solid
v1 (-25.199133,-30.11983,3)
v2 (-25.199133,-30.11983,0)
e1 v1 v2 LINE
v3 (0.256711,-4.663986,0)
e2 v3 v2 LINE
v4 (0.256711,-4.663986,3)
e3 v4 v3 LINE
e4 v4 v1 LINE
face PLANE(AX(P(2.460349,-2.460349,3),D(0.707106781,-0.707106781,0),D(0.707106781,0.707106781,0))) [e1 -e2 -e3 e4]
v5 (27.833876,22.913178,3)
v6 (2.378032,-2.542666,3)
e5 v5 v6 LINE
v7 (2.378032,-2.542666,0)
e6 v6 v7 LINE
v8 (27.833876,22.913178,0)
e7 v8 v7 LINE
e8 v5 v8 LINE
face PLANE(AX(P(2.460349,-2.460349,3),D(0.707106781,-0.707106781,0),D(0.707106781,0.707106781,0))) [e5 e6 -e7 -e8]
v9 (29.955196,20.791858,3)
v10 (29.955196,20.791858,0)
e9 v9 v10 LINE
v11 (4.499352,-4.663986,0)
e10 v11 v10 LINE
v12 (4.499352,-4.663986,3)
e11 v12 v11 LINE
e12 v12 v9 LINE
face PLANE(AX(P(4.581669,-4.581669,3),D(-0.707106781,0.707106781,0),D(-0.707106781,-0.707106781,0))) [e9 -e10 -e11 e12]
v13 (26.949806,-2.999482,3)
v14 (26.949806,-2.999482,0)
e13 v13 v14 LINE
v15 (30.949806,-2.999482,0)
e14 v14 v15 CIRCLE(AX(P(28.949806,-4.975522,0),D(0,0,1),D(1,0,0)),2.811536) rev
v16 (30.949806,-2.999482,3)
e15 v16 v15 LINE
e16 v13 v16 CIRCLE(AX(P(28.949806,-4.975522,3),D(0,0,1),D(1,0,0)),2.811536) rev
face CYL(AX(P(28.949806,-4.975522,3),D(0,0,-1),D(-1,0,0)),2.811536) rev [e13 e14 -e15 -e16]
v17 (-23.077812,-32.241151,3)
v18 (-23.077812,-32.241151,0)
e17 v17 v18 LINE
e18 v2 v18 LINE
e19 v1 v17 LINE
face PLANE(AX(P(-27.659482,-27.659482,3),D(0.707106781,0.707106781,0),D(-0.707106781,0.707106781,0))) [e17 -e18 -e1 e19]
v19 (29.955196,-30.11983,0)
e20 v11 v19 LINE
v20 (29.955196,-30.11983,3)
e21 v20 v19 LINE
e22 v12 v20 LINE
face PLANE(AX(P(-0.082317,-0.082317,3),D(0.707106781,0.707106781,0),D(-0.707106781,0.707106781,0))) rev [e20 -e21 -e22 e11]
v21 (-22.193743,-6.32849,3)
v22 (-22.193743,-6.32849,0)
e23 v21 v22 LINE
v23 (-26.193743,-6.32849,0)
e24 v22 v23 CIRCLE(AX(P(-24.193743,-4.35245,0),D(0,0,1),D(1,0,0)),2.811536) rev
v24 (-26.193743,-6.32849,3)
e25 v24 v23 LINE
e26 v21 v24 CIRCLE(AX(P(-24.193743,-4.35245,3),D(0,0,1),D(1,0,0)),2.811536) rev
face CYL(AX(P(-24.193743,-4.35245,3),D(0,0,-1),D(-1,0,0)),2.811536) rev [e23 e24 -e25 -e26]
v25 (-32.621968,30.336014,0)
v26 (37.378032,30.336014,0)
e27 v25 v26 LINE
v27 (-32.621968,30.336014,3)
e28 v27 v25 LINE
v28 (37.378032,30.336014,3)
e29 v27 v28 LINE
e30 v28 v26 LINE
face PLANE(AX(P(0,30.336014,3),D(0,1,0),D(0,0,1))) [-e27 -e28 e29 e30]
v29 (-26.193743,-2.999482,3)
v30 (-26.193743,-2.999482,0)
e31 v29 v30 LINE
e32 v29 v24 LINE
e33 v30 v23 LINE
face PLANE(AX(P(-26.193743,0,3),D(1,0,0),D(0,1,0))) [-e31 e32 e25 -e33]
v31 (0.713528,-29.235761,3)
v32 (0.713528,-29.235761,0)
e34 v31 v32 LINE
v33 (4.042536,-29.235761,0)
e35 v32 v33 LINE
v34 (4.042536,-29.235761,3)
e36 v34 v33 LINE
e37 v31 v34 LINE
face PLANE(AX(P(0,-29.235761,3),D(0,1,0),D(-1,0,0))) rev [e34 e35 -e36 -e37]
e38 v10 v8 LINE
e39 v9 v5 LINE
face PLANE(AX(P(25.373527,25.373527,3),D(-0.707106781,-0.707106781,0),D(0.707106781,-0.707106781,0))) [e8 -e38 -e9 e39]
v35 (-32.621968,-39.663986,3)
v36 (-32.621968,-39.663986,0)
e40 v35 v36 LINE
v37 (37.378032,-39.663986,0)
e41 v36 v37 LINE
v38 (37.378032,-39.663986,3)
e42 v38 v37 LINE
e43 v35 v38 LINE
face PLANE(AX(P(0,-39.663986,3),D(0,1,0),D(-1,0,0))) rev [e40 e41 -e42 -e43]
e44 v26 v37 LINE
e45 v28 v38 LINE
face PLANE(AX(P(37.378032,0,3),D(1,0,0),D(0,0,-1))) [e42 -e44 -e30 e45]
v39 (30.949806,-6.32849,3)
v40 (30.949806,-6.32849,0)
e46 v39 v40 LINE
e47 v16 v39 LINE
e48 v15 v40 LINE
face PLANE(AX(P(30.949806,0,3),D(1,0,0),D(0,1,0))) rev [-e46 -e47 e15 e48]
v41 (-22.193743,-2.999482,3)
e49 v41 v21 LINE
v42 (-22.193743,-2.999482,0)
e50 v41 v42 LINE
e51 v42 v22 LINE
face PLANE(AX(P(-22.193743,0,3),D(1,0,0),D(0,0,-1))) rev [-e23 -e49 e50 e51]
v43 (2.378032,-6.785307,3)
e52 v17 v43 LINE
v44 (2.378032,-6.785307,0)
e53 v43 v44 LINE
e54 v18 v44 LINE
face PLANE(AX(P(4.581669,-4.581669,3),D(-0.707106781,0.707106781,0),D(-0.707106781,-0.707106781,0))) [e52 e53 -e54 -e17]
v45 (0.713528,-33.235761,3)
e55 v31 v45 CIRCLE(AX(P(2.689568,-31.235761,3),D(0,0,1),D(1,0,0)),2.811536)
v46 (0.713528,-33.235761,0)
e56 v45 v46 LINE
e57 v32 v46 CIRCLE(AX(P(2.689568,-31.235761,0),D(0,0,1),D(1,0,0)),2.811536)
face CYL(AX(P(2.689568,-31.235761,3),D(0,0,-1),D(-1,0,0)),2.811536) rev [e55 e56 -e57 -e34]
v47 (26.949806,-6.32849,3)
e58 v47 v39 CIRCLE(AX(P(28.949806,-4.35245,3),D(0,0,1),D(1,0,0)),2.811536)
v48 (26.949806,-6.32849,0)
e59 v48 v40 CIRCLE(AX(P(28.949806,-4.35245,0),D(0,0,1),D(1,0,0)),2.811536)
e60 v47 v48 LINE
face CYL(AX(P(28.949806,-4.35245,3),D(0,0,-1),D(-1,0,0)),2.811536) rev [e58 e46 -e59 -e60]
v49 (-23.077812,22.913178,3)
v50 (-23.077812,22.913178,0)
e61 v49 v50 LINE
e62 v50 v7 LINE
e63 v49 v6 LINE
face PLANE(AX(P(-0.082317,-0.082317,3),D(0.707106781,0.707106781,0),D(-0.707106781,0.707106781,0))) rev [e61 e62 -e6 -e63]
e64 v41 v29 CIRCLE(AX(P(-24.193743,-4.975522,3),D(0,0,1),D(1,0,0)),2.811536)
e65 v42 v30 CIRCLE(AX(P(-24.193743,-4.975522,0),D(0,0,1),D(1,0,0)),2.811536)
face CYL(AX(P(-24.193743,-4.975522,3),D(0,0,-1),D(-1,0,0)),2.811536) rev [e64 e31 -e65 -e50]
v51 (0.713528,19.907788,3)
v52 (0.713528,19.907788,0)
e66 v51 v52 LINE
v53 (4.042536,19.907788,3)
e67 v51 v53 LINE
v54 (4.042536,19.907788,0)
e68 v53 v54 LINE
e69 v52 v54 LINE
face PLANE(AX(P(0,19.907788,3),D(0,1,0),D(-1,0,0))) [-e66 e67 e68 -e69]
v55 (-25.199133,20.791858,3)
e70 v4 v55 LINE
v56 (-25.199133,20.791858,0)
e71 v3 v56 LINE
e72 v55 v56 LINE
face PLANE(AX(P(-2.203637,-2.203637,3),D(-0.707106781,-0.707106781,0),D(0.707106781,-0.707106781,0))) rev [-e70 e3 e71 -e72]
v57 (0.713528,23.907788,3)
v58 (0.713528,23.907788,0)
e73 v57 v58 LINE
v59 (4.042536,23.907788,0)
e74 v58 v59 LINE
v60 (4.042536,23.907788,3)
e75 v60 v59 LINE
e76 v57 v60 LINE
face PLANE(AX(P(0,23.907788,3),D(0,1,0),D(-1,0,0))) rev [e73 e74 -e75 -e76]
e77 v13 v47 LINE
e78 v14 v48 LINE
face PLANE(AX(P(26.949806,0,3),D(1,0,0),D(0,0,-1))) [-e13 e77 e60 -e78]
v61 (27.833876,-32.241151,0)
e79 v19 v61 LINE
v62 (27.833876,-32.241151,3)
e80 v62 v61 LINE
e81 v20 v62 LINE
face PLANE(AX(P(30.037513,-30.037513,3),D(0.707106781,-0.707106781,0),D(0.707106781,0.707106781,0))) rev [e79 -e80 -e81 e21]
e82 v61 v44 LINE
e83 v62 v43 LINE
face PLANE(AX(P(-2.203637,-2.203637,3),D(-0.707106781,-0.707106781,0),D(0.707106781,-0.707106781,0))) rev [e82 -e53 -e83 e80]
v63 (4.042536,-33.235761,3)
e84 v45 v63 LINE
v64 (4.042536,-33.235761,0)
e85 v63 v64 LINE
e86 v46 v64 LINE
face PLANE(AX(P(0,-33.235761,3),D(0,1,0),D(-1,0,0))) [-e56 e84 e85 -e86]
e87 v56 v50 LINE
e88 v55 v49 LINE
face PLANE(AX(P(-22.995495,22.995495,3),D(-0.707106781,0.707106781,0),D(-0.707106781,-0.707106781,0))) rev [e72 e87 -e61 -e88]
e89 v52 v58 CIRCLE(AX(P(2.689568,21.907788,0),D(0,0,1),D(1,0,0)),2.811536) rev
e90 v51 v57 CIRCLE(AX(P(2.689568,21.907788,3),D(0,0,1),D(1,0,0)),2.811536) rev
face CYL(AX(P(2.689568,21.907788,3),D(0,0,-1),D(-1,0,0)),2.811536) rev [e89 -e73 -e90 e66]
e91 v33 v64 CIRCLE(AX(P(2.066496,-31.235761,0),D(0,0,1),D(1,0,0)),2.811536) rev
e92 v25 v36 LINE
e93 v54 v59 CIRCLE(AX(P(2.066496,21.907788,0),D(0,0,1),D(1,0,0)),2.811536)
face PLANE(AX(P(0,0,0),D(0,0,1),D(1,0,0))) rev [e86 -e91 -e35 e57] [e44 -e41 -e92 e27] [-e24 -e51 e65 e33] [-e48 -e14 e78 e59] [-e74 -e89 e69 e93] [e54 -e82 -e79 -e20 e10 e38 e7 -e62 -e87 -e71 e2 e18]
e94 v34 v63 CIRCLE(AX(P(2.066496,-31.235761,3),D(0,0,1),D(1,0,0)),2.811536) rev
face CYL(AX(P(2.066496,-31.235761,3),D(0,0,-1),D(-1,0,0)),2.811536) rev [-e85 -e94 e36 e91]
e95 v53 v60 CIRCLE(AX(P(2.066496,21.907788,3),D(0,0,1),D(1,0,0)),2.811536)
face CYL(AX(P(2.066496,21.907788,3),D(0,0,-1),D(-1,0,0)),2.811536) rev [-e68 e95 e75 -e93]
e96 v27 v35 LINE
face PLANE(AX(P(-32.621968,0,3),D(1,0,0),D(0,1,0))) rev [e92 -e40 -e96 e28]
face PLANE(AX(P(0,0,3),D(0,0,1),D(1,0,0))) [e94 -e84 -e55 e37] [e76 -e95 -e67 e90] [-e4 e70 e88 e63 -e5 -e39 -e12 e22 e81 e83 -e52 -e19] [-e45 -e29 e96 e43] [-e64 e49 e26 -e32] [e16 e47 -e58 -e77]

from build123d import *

# Parameters (mm, degrees)
ESBO_O1_W                = 70
ESBO_O1_H                = 70
RESSALTO_EXTRUS_O2_DEPTH = 3


with BuildPart() as part:
    # Esboço1 → Ressalto-extrusão2 (new body)
    with BuildSketch(Plane.XY):
        with Locations((2.378031716, -4.663986286)):
            Rectangle(ESBO_O1_W, ESBO_O1_H)
        with BuildLine():
            ThreePointArc((-26.193742937, -2.999482116), (-24.193742937, -2.163986286), (-22.193742937, -2.999482116))
            Line((-22.193742937, -2.999482116), (-22.193742937, -6.328490456))
            ThreePointArc((-22.193742937, -6.328490456), (-24.193742937, -7.163986286), (-26.193742937, -6.328490456))
            Line((-26.193742937, -6.328490456), (-26.193742937, -2.999482116))
        make_face(mode=Mode.SUBTRACT)
        with BuildLine():
            Line((4.042535886, -33.235760939), (0.713527546, -33.235760939))
            ThreePointArc((0.713527546, -33.235760939), (-0.121968284, -31.235760939), (0.713527546, -29.235760939))
            Line((0.713527546, -29.235760939), (4.042535886, -29.235760939))
            ThreePointArc((4.042535886, -29.235760939), (4.878031716, -31.235760939), (4.042535886, -33.235760939))
        make_face(mode=Mode.SUBTRACT)
        Polygon((0.256711372, -4.663986286), (-25.19913275, 20.791857837), (-23.077812407, 22.91317818), (2.378031716, -2.542665942), (27.833875839, 22.91317818), (29.955196182, 20.791857837), (4.499352059, -4.663986286), (29.955196182, -30.119830409), (27.833875839, -32.241150752), (2.378031716, -6.78530663), (-23.077812407, -32.241150752), (-25.19913275, -30.119830409), align=None, mode=Mode.SUBTRACT)
        with BuildLine():
            Line((26.949806369, -6.328490456), (26.949806369, -2.999482116))
            ThreePointArc((26.949806369, -2.999482116), (28.949806369, -2.163986286), (30.949806369, -2.999482116))
            Line((30.949806369, -2.999482116), (30.949806369, -6.328490456))
            ThreePointArc((30.949806369, -6.328490456), (28.949806369, -7.163986286), (26.949806369, -6.328490456))
        make_face(mode=Mode.SUBTRACT)
        with BuildLine():
            ThreePointArc((0.713527546, 19.907788367), (-0.121968284, 21.907788367), (0.713527546, 23.907788367))
            Line((0.713527546, 23.907788367), (4.042535886, 23.907788367))
            ThreePointArc((4.042535886, 23.907788367), (4.878031716, 21.907788367), (4.042535886, 19.907788367))
            Line((4.042535886, 19.907788367), (0.713527546, 19.907788367))
        make_face(mode=Mode.SUBTRACT)
    extrude(amount=RESSALTO_EXTRUS_O2_DEPTH)


solid = part.part
